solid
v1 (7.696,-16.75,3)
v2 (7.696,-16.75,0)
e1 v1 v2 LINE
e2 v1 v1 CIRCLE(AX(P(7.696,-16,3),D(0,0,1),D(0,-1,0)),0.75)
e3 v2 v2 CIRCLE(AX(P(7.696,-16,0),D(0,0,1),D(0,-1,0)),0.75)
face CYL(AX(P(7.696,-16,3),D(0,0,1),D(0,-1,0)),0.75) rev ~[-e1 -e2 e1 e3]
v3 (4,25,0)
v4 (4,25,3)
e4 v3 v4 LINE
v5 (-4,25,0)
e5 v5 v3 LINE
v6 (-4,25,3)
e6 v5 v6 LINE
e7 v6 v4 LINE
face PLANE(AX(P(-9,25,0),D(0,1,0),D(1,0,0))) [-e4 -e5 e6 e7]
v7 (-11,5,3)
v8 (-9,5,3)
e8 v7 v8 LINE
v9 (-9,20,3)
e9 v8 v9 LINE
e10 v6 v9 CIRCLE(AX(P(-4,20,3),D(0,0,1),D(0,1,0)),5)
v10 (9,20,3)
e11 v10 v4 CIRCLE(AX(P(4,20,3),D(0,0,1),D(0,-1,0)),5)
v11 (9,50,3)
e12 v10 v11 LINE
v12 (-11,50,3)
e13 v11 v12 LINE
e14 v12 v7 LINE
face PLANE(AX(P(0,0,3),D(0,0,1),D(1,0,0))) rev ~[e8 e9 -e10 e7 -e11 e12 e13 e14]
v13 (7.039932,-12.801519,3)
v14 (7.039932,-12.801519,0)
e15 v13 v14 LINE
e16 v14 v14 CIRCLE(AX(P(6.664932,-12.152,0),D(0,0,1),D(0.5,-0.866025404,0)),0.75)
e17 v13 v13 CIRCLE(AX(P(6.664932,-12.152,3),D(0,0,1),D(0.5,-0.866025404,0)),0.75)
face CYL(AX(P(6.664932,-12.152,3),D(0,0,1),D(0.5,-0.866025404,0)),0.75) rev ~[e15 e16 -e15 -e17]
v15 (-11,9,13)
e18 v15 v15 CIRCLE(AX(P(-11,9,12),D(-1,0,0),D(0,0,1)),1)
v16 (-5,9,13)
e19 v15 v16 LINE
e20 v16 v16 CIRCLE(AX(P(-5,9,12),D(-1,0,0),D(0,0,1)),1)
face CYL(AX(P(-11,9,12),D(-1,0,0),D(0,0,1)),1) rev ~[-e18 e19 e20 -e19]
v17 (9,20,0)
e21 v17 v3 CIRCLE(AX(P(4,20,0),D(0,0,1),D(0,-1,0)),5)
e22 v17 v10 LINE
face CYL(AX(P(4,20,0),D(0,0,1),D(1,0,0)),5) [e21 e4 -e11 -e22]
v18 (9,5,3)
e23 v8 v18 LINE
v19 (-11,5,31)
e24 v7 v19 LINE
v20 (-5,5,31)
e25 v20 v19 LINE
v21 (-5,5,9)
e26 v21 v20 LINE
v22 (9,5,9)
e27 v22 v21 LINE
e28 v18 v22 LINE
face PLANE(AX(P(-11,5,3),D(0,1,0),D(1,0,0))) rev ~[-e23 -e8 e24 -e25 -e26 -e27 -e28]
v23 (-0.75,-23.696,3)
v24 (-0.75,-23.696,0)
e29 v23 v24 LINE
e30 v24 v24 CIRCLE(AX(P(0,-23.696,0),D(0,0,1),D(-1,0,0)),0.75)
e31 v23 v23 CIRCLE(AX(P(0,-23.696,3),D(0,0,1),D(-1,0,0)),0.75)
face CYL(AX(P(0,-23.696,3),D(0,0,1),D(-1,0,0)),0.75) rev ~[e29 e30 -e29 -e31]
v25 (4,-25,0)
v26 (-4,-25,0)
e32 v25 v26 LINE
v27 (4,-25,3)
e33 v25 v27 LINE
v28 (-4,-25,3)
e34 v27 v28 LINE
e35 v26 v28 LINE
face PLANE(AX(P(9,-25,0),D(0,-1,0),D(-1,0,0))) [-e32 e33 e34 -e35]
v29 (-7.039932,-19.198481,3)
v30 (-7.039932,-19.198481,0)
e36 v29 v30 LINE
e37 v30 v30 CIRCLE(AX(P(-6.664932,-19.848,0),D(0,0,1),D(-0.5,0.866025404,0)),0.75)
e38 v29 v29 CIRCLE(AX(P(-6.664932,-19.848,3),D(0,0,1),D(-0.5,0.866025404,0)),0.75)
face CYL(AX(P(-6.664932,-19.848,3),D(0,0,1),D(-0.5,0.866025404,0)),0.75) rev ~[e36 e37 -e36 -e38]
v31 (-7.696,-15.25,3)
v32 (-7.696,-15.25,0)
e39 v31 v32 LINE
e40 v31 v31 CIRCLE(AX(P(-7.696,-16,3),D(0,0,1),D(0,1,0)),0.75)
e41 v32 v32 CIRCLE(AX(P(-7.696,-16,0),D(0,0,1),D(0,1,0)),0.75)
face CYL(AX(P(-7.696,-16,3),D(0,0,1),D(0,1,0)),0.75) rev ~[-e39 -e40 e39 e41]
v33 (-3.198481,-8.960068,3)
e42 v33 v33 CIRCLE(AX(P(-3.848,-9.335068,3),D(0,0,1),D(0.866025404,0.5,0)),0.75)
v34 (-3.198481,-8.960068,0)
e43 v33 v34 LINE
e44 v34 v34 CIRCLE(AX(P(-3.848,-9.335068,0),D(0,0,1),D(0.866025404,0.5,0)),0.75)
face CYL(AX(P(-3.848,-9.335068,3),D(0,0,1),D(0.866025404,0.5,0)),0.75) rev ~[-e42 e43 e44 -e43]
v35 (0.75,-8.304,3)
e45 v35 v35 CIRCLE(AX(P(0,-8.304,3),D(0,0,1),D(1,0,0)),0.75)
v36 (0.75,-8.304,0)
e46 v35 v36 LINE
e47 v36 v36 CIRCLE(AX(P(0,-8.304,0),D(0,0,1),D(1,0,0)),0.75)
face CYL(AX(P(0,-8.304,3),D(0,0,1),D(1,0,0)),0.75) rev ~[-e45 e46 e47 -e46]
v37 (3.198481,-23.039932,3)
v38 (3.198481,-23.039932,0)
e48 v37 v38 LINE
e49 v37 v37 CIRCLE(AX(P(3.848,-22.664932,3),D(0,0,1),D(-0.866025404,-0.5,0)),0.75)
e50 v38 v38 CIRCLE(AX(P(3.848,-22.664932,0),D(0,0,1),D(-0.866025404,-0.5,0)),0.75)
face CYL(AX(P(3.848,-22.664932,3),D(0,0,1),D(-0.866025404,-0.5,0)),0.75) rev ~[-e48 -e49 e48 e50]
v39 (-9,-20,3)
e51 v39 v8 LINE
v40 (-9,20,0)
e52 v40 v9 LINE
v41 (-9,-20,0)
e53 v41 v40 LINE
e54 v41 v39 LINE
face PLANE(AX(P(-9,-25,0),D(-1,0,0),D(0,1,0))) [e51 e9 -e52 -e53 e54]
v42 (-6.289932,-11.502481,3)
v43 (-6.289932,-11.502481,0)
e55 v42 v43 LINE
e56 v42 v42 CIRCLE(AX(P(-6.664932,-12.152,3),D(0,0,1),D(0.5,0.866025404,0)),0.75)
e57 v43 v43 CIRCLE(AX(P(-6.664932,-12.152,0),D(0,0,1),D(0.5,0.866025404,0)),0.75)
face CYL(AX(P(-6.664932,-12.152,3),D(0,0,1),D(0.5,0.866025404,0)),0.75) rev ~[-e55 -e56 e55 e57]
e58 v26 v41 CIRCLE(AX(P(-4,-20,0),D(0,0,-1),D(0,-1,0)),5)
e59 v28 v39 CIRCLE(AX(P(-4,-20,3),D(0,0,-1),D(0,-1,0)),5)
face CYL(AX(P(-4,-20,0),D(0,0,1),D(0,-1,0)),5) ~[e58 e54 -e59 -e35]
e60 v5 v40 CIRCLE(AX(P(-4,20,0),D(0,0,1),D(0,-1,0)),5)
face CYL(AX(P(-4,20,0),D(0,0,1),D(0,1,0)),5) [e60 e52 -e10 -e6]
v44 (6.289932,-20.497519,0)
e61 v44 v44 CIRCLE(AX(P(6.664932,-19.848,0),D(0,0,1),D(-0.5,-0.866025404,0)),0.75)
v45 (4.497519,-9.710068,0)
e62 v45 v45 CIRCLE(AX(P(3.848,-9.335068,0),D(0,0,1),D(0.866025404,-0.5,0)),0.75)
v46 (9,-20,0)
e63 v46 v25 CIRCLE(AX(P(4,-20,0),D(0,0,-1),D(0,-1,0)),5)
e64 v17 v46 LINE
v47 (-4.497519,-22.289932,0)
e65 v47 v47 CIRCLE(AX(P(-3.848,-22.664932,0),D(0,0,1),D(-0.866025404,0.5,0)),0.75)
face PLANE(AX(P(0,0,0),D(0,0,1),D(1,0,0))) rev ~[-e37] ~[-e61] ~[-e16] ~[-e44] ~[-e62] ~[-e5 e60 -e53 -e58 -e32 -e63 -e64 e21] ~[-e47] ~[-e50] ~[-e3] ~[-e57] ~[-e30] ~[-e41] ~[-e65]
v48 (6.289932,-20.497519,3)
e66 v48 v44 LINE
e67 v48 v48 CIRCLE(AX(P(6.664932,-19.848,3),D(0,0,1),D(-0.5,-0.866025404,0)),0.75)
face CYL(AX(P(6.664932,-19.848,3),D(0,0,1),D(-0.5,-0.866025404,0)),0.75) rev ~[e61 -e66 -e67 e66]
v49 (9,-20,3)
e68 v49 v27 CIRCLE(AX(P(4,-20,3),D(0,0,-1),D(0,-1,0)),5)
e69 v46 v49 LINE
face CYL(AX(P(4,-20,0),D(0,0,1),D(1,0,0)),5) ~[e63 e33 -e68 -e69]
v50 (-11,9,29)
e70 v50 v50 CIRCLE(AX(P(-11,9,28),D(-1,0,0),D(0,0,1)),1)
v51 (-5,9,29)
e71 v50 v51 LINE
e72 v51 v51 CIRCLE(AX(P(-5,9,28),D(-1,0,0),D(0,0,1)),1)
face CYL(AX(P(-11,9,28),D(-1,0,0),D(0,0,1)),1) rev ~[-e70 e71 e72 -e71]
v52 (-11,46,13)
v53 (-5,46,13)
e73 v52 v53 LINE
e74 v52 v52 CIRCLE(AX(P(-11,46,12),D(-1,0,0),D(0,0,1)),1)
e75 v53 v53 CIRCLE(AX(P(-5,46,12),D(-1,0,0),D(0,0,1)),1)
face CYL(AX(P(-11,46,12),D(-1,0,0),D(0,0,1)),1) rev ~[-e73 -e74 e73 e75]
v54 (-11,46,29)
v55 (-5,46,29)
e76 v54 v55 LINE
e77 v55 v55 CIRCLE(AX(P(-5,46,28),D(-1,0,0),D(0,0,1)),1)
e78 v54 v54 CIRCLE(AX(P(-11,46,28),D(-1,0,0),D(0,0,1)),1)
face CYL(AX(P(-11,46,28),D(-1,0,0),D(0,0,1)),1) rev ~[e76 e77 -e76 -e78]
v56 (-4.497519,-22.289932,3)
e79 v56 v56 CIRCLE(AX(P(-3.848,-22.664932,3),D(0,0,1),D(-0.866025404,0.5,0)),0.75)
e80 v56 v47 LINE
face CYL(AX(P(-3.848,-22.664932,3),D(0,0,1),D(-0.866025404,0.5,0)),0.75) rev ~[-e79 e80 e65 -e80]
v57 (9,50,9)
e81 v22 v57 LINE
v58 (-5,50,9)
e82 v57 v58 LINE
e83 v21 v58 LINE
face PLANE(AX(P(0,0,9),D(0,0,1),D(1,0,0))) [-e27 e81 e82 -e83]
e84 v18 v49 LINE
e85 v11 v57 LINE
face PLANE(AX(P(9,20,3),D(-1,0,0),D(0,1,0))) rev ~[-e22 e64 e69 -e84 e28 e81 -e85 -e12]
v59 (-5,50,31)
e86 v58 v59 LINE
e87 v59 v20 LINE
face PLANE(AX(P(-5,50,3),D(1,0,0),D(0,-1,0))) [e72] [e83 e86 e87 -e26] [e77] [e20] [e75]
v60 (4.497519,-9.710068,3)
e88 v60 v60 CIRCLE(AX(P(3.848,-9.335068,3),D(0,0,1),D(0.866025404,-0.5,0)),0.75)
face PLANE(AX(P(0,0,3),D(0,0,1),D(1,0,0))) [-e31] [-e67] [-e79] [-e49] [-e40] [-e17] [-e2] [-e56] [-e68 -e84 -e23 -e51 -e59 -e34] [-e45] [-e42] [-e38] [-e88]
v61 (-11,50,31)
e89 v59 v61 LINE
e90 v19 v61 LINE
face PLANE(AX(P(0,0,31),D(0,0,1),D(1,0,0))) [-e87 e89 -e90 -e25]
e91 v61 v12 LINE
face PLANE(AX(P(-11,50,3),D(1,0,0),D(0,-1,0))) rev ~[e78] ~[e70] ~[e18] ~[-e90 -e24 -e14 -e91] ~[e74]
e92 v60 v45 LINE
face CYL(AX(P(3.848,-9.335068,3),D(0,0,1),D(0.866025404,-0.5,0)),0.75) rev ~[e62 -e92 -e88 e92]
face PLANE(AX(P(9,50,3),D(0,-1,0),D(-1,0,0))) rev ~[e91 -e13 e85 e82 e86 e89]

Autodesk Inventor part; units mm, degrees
ref_plane "YZ Plane" through (0, 0, 0) normal (1, 0, 0) x (0, 1, 0)
ref_plane "XZ Plane" through (0, 0, 0) normal (0, 1, 0) x (-1, 0, 0)
ref_plane "XY Plane" through (0, 0, 0) normal (0, 0, 1) x (1, 0, 0)
sketch "Sketch1" plane through (0, 0, 0) normal (0, 0, 1) x (1, 0, 0)
  line L0 (-9, 25) -> (9, 25)
  line L1 (9, 25) -> (9, -25)
  line L2 (9, -25) -> (-9, -25)
  line L3 (-9, -25) -> (-9, 25)
  point P0 (0, 0)
  point P1 (0, 25)
  point P2 (-9, 0)
  dimension "d0" = 18
  dimension "d1" = 50
extrude "Extrusion1" add sketch "Sketch1" along normal blind 3
fillet "Fillet1" radius 5 2 edges at (-9, -25, 1.5) (9, -25, 1.5)
fillet "Fillet2" radius 5 2 edges at (-9, 25, 1.5) (9, 25, 1.5)
sketch "Sketch2" plane through (0, 0, 3) normal (0, 0, 1) x (1, 0, 0)
  circle A0 centre (0, -16) radius 9
  circle A1 centre (0, 16) radius 9
  line L0 (-4, -25) -> (4, -25) projected
  circle A2 centre (0, -8.304) radius 0.75
  line L1 (4, 25) -> (-4, 25) projected
  point P0 (0, 0)
  dimension "d6" = 18
  dimension "d8" = 1.5
  dimension "d10" = 18
extrude "Extrusion2" cut sketch "Sketch2" against normal up to surface (3 mm away) contours A2
pattern_circular "Circular Pattern1" count 12 over 360 about axis through (0, -16, 3) along (0, 0, 1) of "Extrusion2"
sketch "Sketch4" plane through (0, 0, 3) normal (0, 0, 1) x (1, 0, 0)
  line L0 (-11, 5) -> (9, 5)
  line L1 (9, 5) -> (9, 50)
  line L2 (9, 50) -> (-11, 50)
  line L3 (-11, 50) -> (-11, 5)
  line L4 (-9, 20) -> (-9, -20) projected
  line L5 (4, 25) -> (-4, 25) projected
  line L6 (9, -20) -> (9, 20) projected
  point P0 (0, 0)
  dimension "d25" = 20
  dimension "d26" = 45
  dimension "d27" = 20
extrude "Extrusion5" add sketch "Sketch4" along normal blind 6
sketch "Sketch5" plane through (0, 0, 3) normal (0, 0, 1) x (1, 0, 0)
  line L0 (9, 50) -> (-11, 50) projected
  line L1 (-5, 5) -> (-11, 5)
  line L2 (-11, 5) -> (-11, 50)
  line L3 (-11, 50) -> (-5, 50)
  line L4 (-5, 50) -> (-5, 5)
  line L5 (-11, 50) -> (-11, 5) projected
  point P0 (0, 0)
  dimension "d30" = 6
extrude "Extrusion6" add sketch "Sketch5" along normal blind 28
sketch "Sketch6" plane through (-11, 5, 3) normal (-1, 0, 0) x (0, 0, 1)
  circle A0 centre (25, 4) radius 1
  circle A1 centre (9, 4) radius 1
  circle A2 centre (25, 41) radius 1
  circle A3 centre (9, 41) radius 1
  line L0 (0, 0) -> (28, 0) projected
  line L1 (25, 4) -> (25, 41) construction
  line L2 (28, 45) -> (28, 0) projected
  point P0 (-3, -5)
  point P1 (28, 22.5)
  point P2 (25, 22.5)
  point P3 (6, 0)
  dimension "d33" = 2
  dimension "d34" = 2
  dimension "d35" = 2
  dimension "d36" = 2
  dimension "d37" = 37
  dimension "d38" = 16
  dimension "d40" = 16
  dimension "d43" = 3
extrude "Extrusion7" cut sketch "Sketch6" against normal up to surface (20 mm away)
properties part number "first_man_link"
